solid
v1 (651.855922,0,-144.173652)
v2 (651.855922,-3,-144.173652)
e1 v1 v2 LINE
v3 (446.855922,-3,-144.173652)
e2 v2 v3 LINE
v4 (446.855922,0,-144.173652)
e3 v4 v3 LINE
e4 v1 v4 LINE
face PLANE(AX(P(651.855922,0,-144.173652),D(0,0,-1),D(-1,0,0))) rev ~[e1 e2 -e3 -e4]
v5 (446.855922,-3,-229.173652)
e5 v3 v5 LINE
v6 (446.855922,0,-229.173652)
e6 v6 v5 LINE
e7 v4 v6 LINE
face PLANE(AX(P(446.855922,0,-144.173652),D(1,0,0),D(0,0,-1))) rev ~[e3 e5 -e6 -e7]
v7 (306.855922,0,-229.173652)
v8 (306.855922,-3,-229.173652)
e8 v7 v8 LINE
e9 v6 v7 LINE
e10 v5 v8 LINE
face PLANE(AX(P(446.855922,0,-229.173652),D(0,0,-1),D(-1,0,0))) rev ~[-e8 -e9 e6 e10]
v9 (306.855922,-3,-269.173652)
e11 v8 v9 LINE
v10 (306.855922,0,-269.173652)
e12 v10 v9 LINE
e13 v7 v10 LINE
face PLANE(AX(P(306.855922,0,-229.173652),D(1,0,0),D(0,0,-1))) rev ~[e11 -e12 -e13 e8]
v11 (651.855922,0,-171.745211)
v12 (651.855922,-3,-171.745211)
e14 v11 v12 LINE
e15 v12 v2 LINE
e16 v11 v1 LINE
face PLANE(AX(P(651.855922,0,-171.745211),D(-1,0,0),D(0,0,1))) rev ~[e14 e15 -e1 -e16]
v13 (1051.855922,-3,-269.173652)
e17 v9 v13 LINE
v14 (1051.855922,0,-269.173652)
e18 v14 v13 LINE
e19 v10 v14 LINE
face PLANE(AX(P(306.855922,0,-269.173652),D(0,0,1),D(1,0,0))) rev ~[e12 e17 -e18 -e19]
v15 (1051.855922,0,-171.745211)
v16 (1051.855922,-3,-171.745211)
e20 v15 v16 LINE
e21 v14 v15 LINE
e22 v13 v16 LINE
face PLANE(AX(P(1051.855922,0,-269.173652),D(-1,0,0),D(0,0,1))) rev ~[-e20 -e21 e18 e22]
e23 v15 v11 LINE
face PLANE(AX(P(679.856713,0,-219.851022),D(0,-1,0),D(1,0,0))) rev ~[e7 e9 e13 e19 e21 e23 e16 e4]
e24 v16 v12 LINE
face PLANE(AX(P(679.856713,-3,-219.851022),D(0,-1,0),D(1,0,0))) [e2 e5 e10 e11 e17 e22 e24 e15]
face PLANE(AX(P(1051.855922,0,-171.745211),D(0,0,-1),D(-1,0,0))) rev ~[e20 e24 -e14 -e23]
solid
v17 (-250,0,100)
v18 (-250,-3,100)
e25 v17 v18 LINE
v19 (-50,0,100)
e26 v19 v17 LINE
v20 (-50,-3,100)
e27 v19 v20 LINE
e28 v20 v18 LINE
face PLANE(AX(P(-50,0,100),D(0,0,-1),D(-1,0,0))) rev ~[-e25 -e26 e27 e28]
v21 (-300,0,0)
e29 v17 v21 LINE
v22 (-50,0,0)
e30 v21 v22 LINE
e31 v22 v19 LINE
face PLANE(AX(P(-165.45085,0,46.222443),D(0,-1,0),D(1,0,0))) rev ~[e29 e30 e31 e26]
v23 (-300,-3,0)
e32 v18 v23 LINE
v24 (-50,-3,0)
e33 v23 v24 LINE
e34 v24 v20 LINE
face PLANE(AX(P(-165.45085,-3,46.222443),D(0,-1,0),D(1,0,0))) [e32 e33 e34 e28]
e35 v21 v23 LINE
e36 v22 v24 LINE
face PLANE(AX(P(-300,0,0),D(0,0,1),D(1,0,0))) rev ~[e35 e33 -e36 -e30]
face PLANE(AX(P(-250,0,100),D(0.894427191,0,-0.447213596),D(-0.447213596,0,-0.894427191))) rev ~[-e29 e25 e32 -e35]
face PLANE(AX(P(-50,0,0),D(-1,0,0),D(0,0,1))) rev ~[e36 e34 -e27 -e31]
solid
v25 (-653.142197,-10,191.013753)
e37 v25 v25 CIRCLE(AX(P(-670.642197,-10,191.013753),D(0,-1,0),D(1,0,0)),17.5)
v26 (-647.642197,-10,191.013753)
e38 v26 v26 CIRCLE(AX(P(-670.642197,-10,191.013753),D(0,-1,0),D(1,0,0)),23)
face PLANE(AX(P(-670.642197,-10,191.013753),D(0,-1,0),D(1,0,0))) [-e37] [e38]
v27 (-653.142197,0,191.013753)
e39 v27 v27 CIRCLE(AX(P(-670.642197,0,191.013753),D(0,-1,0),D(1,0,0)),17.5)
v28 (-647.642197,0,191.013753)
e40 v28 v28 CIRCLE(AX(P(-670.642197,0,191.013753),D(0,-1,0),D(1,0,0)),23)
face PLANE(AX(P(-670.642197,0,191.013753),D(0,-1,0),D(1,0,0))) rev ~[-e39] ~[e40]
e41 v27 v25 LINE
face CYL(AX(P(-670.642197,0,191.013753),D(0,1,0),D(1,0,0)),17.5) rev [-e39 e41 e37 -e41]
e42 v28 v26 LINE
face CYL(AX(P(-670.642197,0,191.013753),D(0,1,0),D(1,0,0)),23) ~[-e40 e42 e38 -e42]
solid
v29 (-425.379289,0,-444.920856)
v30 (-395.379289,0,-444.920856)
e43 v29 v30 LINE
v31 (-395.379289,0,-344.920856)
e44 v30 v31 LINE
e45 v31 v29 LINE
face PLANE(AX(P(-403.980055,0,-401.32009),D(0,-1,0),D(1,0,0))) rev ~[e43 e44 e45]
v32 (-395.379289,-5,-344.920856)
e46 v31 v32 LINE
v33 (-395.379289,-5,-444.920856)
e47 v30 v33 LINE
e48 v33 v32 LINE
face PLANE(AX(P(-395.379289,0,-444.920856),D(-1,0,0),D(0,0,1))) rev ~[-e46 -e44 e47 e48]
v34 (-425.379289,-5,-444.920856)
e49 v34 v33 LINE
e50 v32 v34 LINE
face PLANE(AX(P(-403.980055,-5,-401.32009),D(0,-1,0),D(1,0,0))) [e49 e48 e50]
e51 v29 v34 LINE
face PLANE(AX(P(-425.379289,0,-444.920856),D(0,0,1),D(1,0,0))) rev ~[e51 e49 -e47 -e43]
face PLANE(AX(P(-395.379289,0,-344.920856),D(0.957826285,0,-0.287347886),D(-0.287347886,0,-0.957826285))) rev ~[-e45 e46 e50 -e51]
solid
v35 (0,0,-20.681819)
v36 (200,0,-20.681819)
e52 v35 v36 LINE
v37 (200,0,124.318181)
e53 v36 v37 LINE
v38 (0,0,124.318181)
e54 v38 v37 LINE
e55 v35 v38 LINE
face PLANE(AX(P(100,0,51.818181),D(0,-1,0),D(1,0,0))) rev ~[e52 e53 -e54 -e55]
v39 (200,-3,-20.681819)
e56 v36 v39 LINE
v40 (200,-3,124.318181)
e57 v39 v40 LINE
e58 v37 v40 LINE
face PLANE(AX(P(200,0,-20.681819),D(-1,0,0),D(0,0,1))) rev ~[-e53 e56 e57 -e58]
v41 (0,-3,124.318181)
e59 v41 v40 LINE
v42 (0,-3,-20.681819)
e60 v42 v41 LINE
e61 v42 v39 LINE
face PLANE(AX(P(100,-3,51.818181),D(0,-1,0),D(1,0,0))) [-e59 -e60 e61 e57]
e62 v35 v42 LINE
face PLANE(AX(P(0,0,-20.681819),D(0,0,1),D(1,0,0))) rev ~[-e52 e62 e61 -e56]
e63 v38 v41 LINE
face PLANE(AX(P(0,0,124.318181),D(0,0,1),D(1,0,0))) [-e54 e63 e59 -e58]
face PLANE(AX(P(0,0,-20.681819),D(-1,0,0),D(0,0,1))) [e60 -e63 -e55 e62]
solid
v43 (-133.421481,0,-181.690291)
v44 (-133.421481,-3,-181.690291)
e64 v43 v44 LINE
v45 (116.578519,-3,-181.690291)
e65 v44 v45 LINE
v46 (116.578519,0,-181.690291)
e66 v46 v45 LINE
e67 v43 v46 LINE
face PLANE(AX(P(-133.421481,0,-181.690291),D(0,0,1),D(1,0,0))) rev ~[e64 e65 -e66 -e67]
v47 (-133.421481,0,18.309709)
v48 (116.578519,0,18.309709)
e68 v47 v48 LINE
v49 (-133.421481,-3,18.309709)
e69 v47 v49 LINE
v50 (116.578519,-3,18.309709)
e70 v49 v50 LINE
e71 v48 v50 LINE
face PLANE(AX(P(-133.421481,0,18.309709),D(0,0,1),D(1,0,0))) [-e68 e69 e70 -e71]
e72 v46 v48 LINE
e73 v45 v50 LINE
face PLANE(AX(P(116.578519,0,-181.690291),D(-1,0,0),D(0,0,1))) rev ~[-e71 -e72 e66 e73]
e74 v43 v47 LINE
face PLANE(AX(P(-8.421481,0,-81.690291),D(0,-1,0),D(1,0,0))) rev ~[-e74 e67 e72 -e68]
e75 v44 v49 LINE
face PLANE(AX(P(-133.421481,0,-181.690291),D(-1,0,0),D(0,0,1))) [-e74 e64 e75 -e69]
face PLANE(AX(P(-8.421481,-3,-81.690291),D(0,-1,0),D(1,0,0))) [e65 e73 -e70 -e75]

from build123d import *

# Parameters (mm, degrees)
F0_W      = 200
F0_H      = 145
F1_DEPTH  = 3
F3_DEPTH  = 3
F4_W      = 250
F4_H      = 200
F5_DEPTH  = 3
F7_DEPTH  = 3
F9_DEPTH  = 5
F10_R     = 23
F10_R_2   = 17.5
F11_DEPTH = 10


with BuildPart() as f1:
    # F0 (on Front) → F1 (new body)
    with BuildSketch(Plane.XZ):
        with Locations((100, 51.818181)):
            Rectangle(F0_W, F0_H)
    extrude(amount=F1_DEPTH)


with BuildPart() as f3:
    # F2 (on Front) → F3 (new body)
    with BuildSketch(Plane.XZ):
        Polygon((-300, 0), (-50, 0), (-50, 100), (-250, 100), align=None)
    extrude(amount=F3_DEPTH)


with BuildPart() as f5:
    # F4 (on Front) → F5 (new body)
    with BuildSketch(Plane.XZ):
        with Locations((-8.421481, -81.690291)):
            Rectangle(F4_W, F4_H)
    extrude(amount=F5_DEPTH)


with BuildPart() as f7:
    # F6 (on Front) → F7 (new body)
    with BuildSketch(Plane.XZ):
        Polygon((651.855922, -144.173652), (446.855922, -144.173652), (446.855922, -229.173652), (306.855922, -229.173652), (306.855922, -269.173652), (1051.855922, -269.173652), (1051.855922, -171.745211), (651.855922, -171.745211), align=None)
    extrude(amount=F7_DEPTH)


with BuildPart() as f9:
    # F8 (on Front) → F9 (new body)
    with BuildSketch(Plane.XZ):
        Polygon((-395.379289, -344.920856), (-425.379289, -444.920856), (-395.379289, -444.920856), align=None)
    extrude(amount=F9_DEPTH)


with BuildPart() as f11:
    # F10 (on Front) → F11 (new body)
    with BuildSketch(Plane.XZ):
        with Locations((-670.642197, 191.013753)):
            Circle(F10_R)
        with Locations((-670.642197, 191.013753)):
            Circle(F10_R_2, mode=Mode.SUBTRACT)
    extrude(amount=F11_DEPTH)


solid = Compound([f1.part, f3.part, f5.part, f7.part, f9.part, f11.part])
